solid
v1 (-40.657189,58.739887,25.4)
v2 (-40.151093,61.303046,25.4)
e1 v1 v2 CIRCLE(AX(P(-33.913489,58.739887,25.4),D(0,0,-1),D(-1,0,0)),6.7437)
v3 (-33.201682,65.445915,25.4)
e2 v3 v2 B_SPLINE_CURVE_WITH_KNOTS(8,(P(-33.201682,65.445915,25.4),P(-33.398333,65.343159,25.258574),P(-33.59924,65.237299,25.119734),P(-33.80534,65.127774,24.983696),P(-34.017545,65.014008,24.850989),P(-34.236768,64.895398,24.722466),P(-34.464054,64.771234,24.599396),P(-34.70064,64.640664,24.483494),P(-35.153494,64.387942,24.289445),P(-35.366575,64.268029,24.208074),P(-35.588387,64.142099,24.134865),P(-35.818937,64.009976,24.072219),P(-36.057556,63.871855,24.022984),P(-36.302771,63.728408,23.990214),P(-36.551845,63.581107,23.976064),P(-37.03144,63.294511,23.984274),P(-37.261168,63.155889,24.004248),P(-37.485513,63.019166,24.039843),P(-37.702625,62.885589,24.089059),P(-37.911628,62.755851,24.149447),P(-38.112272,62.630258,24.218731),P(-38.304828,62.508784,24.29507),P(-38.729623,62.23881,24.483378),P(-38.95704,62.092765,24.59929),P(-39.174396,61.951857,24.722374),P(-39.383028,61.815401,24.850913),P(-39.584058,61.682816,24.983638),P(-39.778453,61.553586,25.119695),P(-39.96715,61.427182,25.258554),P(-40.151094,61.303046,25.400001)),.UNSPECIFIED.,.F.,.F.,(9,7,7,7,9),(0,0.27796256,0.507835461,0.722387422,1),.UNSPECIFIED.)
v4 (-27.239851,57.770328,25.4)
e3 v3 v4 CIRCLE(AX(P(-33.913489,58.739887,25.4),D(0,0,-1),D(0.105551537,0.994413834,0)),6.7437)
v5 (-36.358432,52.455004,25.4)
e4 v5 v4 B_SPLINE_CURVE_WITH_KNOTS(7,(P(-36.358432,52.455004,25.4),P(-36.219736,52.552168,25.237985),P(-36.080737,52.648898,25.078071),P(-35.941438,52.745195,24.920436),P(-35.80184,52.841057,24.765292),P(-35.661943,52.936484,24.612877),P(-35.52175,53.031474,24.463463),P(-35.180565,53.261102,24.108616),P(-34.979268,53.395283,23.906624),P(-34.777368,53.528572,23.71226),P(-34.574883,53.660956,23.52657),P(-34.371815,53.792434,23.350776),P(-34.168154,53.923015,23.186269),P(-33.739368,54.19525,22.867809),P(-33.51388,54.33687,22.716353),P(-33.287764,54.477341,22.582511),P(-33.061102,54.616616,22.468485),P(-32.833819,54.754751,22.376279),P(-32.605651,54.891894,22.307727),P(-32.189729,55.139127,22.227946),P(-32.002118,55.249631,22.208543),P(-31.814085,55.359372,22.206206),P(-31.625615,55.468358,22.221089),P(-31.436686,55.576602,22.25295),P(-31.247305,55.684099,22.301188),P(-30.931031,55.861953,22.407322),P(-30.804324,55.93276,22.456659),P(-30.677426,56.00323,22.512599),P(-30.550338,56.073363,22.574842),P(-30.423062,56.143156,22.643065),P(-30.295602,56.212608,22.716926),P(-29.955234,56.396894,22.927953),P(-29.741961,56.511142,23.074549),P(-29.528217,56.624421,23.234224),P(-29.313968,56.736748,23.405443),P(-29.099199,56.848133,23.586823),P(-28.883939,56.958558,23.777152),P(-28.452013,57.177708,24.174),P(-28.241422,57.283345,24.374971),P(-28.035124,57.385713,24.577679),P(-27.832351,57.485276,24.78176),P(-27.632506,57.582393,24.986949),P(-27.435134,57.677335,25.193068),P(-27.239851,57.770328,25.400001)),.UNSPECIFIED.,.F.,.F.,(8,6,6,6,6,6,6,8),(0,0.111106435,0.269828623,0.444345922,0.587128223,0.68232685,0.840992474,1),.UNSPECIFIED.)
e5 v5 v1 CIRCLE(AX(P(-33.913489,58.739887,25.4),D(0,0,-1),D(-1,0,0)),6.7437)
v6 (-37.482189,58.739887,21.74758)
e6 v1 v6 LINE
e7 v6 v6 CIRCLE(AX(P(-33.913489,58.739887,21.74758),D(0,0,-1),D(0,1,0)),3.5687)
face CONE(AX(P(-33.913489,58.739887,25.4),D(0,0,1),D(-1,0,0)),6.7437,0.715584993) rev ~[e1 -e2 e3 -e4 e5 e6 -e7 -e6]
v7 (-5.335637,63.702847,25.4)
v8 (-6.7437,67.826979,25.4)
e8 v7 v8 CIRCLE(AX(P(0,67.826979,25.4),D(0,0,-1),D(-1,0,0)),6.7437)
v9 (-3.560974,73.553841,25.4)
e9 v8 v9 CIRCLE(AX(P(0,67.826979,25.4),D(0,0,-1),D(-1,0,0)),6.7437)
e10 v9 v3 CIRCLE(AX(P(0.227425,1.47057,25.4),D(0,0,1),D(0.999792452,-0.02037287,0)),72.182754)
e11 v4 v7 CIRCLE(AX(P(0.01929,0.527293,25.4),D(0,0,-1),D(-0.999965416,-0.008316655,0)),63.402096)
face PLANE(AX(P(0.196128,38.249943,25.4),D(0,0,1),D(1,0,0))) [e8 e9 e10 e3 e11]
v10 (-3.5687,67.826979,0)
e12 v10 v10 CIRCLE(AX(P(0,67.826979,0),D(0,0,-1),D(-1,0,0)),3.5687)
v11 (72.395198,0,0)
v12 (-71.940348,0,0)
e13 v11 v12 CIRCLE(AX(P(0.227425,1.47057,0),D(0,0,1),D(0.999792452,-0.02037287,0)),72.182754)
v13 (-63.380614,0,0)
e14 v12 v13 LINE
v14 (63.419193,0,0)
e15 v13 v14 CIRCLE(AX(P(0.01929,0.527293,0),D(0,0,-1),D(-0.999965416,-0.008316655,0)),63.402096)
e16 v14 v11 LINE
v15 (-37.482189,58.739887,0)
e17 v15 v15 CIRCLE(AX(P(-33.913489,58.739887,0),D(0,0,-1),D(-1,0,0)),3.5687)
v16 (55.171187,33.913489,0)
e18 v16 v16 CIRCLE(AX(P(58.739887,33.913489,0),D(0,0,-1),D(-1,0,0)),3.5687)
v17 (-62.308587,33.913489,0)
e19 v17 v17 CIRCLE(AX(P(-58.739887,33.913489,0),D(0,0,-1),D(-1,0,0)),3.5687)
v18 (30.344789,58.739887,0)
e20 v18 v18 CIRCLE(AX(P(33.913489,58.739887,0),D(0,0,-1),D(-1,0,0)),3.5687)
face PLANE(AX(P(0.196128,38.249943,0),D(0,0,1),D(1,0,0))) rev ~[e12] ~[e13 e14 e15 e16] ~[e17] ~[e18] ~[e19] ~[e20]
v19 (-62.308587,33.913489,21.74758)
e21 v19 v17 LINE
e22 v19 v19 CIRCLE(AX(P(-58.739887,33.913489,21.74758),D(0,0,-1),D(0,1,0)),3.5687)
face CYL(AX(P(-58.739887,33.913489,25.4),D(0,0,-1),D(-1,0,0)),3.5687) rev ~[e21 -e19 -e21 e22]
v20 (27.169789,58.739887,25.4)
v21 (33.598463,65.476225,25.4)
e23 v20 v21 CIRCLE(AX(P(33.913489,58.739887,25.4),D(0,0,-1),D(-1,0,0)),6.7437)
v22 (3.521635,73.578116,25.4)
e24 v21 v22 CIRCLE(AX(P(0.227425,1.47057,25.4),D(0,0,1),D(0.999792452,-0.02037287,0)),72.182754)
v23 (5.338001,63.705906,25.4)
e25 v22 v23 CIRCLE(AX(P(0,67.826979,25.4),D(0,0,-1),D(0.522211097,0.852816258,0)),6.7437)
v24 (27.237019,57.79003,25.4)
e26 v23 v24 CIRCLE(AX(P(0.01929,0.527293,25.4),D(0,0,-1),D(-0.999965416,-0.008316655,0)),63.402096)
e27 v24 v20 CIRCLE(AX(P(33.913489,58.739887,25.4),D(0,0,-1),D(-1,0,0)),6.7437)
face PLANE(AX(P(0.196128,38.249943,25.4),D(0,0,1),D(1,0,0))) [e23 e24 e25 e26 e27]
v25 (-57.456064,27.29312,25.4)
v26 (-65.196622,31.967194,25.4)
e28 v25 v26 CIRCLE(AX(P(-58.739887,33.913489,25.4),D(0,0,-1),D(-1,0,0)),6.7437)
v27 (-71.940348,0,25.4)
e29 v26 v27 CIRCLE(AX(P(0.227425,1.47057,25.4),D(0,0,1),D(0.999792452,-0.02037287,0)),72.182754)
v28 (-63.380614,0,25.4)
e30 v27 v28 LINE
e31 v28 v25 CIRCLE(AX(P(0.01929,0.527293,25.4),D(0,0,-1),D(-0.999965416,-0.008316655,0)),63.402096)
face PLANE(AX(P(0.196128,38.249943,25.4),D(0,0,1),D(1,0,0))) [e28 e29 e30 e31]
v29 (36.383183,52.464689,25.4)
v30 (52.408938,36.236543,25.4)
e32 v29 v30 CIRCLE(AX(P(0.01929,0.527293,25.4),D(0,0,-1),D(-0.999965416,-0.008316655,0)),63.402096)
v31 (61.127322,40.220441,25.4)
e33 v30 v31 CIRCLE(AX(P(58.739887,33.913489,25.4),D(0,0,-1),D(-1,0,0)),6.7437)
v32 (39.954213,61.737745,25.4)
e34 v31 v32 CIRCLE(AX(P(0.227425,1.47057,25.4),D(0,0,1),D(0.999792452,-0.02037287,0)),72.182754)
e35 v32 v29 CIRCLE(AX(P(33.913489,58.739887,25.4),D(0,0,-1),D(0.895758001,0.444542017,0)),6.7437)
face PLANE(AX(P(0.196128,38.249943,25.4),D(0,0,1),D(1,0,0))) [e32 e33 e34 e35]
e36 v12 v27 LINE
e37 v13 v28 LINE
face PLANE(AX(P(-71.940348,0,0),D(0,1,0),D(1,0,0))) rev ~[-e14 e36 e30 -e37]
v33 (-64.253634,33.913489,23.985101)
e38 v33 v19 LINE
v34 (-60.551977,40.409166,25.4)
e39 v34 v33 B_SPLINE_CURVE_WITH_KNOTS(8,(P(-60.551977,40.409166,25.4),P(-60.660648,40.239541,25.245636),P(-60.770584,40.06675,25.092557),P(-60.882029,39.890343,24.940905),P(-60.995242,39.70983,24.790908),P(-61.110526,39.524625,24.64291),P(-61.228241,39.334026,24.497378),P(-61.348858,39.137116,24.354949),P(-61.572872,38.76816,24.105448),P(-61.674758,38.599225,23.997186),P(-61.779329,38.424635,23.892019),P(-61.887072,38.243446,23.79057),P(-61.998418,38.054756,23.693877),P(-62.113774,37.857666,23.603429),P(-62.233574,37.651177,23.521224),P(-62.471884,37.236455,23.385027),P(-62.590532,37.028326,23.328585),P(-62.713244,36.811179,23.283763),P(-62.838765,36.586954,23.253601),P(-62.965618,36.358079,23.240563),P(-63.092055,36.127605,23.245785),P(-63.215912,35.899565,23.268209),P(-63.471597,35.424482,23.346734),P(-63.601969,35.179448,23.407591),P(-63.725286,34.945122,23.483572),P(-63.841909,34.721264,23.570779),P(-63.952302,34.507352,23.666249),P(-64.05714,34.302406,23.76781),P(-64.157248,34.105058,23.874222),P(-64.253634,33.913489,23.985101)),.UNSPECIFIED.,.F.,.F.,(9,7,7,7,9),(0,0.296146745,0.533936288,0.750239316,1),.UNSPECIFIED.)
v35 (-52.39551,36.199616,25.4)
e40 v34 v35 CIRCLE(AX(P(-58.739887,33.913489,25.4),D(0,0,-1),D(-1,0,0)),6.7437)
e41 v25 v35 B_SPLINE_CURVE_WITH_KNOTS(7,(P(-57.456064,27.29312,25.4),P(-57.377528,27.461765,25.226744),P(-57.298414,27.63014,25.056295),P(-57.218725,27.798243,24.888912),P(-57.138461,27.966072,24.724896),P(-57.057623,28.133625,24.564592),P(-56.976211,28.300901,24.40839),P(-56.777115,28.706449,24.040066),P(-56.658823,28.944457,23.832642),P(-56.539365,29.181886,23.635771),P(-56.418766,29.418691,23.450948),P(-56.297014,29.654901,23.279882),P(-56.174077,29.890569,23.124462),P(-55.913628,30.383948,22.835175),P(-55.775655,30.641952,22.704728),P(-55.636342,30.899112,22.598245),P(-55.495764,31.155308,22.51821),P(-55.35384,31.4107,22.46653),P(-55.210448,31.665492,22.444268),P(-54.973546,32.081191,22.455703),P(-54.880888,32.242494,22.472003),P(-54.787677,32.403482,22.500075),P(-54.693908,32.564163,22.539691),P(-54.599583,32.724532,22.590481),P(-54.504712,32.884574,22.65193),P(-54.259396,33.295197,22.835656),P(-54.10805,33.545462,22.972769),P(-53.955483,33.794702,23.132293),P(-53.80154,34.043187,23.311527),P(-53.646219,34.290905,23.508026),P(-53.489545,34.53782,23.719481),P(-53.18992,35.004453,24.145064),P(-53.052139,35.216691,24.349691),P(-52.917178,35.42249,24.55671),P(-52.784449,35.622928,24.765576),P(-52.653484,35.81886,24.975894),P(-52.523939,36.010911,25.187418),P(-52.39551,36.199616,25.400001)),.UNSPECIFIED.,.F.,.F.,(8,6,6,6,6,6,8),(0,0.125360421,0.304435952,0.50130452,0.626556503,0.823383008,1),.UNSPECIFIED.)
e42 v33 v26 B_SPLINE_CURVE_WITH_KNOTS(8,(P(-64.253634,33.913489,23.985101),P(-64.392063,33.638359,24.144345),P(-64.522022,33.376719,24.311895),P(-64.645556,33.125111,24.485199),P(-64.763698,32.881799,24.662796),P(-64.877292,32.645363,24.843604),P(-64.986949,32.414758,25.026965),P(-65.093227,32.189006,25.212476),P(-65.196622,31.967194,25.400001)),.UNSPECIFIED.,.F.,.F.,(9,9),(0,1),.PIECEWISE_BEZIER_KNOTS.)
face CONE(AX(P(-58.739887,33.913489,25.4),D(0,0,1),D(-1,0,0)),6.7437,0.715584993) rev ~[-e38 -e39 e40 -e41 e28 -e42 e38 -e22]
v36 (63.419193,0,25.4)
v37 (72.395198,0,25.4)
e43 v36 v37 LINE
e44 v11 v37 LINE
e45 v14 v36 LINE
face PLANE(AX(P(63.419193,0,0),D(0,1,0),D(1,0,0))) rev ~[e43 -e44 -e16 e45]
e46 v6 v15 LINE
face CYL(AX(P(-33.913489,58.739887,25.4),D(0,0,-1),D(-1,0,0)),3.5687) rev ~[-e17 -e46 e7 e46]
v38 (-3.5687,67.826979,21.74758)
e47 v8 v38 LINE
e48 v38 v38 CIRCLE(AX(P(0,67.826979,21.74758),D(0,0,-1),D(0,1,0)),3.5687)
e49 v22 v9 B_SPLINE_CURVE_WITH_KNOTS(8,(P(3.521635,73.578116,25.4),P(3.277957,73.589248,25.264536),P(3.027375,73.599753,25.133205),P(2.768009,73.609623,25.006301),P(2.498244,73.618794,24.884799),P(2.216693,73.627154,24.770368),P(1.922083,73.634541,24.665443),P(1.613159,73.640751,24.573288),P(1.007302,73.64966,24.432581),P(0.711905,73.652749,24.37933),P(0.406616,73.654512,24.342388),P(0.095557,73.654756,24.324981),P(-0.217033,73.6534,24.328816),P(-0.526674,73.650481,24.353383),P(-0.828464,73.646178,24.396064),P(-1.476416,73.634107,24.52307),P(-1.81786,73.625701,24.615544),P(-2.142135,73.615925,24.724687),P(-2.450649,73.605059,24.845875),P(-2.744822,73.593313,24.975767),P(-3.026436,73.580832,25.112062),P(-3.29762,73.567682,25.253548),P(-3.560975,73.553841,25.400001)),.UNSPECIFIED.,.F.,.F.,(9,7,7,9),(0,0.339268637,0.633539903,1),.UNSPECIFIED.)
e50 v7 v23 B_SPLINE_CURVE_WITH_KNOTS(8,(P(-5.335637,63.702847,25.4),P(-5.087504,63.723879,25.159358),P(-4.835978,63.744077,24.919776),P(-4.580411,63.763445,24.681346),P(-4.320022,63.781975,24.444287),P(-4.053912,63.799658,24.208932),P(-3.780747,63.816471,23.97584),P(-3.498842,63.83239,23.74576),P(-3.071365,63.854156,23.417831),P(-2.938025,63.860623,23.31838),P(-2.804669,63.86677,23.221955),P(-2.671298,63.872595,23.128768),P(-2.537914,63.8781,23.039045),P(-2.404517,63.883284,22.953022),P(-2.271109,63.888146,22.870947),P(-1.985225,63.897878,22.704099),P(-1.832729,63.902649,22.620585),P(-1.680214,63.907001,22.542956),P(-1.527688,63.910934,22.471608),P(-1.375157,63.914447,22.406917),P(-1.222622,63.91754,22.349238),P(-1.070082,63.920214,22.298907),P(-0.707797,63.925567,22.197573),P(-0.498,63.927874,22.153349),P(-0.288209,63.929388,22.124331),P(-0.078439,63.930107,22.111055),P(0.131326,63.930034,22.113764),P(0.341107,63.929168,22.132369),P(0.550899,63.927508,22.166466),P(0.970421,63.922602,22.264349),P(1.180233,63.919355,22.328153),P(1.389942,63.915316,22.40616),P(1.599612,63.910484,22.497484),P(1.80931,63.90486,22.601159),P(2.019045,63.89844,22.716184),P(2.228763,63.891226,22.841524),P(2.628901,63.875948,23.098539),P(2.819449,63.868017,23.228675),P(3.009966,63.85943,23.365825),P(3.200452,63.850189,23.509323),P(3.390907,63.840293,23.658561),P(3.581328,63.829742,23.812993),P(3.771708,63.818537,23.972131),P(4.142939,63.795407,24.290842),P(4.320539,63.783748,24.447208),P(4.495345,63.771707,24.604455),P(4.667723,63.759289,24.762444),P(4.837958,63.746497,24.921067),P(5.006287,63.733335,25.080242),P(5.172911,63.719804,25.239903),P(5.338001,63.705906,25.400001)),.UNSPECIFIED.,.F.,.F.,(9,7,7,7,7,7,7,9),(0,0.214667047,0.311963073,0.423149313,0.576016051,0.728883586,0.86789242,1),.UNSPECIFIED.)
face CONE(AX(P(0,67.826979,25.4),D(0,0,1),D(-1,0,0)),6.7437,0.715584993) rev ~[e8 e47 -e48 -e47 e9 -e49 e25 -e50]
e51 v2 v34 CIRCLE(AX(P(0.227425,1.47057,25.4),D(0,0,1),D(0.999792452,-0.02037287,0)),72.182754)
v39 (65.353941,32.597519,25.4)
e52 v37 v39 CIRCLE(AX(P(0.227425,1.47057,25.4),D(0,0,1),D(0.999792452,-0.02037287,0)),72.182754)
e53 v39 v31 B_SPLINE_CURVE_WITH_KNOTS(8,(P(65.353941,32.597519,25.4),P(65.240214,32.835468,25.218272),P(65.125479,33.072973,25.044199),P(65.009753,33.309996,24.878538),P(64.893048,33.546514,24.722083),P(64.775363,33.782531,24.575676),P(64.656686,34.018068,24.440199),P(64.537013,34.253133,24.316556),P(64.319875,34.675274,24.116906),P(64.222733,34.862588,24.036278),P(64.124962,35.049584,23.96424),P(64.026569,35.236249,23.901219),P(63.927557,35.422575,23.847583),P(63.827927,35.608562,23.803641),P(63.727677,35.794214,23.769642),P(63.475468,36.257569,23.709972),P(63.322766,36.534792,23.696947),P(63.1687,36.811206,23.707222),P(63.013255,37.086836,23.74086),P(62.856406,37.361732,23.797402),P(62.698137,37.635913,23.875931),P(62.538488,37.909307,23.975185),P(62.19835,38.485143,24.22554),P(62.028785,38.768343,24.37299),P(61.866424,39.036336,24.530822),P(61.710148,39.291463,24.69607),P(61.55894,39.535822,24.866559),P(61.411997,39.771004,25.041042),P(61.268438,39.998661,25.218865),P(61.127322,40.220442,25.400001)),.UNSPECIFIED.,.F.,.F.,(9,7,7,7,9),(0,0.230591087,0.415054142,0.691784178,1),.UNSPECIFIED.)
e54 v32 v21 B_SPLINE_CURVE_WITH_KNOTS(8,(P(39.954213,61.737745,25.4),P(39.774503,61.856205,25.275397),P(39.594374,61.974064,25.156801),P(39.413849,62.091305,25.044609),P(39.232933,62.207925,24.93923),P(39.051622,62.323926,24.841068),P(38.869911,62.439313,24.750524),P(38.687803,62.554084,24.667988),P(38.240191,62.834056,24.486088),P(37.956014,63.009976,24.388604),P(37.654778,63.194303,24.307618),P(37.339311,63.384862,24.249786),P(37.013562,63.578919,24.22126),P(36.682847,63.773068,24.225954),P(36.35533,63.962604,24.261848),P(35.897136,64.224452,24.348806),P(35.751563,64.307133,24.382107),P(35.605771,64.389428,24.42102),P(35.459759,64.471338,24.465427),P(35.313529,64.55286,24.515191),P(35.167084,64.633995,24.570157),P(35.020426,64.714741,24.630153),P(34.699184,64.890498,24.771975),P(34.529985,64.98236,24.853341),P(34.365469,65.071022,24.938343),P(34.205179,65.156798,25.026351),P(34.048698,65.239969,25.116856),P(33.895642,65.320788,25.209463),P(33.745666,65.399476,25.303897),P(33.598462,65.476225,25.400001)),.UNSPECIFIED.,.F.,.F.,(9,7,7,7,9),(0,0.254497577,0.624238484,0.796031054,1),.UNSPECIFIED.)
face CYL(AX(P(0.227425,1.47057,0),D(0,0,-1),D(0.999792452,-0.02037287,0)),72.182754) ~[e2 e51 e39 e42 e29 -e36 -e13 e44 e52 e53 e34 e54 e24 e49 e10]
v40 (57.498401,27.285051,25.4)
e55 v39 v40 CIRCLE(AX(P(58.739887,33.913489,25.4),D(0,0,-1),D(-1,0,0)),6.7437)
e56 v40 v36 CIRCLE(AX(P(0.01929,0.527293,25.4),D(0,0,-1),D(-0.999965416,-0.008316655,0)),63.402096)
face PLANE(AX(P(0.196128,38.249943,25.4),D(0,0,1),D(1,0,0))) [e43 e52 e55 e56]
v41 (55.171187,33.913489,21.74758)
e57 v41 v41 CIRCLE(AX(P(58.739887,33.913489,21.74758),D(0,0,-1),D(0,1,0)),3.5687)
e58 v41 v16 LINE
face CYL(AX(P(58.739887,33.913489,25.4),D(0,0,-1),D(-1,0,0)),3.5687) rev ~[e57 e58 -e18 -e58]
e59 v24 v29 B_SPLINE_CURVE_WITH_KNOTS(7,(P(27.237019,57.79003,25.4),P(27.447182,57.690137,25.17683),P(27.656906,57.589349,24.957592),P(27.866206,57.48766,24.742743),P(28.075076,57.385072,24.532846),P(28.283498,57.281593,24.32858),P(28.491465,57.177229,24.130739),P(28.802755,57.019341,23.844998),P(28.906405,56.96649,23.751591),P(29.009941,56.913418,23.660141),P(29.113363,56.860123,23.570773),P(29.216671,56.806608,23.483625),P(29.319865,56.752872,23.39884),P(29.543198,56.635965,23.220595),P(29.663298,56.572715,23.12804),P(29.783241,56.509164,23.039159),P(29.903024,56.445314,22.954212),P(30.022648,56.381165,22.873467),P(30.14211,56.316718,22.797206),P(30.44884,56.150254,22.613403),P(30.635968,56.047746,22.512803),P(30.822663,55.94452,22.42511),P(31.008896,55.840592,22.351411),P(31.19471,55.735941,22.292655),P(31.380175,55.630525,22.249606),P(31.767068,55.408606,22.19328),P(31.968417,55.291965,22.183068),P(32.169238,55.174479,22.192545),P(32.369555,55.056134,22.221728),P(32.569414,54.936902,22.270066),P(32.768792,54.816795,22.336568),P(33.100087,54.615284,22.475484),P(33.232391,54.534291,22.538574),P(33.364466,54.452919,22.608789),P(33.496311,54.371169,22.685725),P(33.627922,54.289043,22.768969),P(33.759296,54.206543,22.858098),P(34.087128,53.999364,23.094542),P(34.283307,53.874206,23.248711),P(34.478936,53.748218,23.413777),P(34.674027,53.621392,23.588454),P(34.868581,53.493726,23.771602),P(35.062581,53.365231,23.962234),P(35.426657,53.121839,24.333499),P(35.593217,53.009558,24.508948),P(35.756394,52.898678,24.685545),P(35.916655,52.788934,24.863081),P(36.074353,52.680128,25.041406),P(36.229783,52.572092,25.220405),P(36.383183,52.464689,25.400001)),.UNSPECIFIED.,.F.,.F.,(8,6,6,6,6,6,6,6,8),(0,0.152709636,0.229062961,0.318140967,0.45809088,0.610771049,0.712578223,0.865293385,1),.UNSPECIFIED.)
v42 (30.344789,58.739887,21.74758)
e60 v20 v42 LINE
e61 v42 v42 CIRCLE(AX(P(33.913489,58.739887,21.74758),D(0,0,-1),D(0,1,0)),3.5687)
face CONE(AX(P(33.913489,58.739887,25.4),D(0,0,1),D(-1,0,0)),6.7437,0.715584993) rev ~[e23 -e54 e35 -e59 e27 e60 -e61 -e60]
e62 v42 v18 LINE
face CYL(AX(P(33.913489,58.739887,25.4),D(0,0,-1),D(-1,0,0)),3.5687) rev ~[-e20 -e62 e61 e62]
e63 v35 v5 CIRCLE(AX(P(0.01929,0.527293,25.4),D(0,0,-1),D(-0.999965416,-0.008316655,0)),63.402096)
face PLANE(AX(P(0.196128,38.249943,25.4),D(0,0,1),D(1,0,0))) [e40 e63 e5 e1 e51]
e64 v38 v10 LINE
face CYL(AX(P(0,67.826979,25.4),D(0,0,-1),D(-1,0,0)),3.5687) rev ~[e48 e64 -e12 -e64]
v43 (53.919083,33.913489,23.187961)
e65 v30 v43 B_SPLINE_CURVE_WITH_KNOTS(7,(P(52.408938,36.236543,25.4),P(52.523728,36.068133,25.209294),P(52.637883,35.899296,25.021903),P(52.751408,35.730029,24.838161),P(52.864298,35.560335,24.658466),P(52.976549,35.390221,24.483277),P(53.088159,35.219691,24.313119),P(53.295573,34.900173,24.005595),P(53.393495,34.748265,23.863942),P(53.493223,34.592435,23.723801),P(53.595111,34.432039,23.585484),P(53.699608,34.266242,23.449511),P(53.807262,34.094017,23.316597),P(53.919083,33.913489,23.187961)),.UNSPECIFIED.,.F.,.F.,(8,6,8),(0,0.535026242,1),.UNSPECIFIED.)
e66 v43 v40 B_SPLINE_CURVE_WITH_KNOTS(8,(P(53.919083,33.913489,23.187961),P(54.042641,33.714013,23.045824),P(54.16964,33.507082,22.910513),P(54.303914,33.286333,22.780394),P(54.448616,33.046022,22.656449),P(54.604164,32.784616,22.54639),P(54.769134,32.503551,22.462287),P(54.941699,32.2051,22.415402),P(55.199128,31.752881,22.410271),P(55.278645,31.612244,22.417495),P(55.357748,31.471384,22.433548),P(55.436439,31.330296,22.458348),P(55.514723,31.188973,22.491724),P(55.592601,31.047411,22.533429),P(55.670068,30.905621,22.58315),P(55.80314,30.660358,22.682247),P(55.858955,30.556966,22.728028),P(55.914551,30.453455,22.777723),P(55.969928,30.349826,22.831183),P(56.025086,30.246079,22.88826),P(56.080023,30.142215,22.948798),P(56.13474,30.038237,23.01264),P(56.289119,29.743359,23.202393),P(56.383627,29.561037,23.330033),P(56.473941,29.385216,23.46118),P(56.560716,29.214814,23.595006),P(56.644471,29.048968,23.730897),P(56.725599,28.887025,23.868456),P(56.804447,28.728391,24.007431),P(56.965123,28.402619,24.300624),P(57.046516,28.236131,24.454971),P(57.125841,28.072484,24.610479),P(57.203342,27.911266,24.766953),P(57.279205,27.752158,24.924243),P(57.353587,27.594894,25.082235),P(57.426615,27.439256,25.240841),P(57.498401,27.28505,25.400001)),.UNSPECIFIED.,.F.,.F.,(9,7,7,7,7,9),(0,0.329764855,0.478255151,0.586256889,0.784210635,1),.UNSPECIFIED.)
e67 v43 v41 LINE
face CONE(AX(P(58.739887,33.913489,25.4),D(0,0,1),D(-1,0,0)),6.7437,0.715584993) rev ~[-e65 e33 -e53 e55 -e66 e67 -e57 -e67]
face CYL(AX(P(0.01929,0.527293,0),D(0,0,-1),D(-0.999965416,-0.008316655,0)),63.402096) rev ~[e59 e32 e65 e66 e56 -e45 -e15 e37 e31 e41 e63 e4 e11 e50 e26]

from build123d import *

# Parameters (mm, degrees)
F1_DEPTH       = 25.4
F4_D           = 7.1374
F4_CSINK_D     = 13.4874
F4_CSINK_ANGLE = 82


with BuildPart() as f1:
    # F0 (on Top) → F1 (new body)
    with BuildSketch(Plane.XY):
        with BuildLine():
            Line((63.4191930294, 0), (72.3951980472, 0))
            ThreePointArc((72.3951980472, 0), (0.2274252474, 73.6533240884), (-71.9403475523, 0))
            Line((-71.9403475523, 0), (-63.3806139231, 0))
            ThreePointArc((-63.3806139231, 0), (0.0192895532, 63.9293895387), (63.4191930294, 0))
        make_face()
    extrude(amount=F1_DEPTH)

    # F4 (through all)
    with Locations(Plane.XY.offset(25.4)):
        with Locations((-58.7398867567, 33.9134894311), (-33.9134894311, 58.7398867567), (0, 67.8269788623), (33.9134894311, 58.7398867567), (58.7398867567, 33.9134894311)):
            CounterSinkHole(F4_D / 2, F4_CSINK_D / 2, counter_sink_angle=F4_CSINK_ANGLE)


solid = f1.part
